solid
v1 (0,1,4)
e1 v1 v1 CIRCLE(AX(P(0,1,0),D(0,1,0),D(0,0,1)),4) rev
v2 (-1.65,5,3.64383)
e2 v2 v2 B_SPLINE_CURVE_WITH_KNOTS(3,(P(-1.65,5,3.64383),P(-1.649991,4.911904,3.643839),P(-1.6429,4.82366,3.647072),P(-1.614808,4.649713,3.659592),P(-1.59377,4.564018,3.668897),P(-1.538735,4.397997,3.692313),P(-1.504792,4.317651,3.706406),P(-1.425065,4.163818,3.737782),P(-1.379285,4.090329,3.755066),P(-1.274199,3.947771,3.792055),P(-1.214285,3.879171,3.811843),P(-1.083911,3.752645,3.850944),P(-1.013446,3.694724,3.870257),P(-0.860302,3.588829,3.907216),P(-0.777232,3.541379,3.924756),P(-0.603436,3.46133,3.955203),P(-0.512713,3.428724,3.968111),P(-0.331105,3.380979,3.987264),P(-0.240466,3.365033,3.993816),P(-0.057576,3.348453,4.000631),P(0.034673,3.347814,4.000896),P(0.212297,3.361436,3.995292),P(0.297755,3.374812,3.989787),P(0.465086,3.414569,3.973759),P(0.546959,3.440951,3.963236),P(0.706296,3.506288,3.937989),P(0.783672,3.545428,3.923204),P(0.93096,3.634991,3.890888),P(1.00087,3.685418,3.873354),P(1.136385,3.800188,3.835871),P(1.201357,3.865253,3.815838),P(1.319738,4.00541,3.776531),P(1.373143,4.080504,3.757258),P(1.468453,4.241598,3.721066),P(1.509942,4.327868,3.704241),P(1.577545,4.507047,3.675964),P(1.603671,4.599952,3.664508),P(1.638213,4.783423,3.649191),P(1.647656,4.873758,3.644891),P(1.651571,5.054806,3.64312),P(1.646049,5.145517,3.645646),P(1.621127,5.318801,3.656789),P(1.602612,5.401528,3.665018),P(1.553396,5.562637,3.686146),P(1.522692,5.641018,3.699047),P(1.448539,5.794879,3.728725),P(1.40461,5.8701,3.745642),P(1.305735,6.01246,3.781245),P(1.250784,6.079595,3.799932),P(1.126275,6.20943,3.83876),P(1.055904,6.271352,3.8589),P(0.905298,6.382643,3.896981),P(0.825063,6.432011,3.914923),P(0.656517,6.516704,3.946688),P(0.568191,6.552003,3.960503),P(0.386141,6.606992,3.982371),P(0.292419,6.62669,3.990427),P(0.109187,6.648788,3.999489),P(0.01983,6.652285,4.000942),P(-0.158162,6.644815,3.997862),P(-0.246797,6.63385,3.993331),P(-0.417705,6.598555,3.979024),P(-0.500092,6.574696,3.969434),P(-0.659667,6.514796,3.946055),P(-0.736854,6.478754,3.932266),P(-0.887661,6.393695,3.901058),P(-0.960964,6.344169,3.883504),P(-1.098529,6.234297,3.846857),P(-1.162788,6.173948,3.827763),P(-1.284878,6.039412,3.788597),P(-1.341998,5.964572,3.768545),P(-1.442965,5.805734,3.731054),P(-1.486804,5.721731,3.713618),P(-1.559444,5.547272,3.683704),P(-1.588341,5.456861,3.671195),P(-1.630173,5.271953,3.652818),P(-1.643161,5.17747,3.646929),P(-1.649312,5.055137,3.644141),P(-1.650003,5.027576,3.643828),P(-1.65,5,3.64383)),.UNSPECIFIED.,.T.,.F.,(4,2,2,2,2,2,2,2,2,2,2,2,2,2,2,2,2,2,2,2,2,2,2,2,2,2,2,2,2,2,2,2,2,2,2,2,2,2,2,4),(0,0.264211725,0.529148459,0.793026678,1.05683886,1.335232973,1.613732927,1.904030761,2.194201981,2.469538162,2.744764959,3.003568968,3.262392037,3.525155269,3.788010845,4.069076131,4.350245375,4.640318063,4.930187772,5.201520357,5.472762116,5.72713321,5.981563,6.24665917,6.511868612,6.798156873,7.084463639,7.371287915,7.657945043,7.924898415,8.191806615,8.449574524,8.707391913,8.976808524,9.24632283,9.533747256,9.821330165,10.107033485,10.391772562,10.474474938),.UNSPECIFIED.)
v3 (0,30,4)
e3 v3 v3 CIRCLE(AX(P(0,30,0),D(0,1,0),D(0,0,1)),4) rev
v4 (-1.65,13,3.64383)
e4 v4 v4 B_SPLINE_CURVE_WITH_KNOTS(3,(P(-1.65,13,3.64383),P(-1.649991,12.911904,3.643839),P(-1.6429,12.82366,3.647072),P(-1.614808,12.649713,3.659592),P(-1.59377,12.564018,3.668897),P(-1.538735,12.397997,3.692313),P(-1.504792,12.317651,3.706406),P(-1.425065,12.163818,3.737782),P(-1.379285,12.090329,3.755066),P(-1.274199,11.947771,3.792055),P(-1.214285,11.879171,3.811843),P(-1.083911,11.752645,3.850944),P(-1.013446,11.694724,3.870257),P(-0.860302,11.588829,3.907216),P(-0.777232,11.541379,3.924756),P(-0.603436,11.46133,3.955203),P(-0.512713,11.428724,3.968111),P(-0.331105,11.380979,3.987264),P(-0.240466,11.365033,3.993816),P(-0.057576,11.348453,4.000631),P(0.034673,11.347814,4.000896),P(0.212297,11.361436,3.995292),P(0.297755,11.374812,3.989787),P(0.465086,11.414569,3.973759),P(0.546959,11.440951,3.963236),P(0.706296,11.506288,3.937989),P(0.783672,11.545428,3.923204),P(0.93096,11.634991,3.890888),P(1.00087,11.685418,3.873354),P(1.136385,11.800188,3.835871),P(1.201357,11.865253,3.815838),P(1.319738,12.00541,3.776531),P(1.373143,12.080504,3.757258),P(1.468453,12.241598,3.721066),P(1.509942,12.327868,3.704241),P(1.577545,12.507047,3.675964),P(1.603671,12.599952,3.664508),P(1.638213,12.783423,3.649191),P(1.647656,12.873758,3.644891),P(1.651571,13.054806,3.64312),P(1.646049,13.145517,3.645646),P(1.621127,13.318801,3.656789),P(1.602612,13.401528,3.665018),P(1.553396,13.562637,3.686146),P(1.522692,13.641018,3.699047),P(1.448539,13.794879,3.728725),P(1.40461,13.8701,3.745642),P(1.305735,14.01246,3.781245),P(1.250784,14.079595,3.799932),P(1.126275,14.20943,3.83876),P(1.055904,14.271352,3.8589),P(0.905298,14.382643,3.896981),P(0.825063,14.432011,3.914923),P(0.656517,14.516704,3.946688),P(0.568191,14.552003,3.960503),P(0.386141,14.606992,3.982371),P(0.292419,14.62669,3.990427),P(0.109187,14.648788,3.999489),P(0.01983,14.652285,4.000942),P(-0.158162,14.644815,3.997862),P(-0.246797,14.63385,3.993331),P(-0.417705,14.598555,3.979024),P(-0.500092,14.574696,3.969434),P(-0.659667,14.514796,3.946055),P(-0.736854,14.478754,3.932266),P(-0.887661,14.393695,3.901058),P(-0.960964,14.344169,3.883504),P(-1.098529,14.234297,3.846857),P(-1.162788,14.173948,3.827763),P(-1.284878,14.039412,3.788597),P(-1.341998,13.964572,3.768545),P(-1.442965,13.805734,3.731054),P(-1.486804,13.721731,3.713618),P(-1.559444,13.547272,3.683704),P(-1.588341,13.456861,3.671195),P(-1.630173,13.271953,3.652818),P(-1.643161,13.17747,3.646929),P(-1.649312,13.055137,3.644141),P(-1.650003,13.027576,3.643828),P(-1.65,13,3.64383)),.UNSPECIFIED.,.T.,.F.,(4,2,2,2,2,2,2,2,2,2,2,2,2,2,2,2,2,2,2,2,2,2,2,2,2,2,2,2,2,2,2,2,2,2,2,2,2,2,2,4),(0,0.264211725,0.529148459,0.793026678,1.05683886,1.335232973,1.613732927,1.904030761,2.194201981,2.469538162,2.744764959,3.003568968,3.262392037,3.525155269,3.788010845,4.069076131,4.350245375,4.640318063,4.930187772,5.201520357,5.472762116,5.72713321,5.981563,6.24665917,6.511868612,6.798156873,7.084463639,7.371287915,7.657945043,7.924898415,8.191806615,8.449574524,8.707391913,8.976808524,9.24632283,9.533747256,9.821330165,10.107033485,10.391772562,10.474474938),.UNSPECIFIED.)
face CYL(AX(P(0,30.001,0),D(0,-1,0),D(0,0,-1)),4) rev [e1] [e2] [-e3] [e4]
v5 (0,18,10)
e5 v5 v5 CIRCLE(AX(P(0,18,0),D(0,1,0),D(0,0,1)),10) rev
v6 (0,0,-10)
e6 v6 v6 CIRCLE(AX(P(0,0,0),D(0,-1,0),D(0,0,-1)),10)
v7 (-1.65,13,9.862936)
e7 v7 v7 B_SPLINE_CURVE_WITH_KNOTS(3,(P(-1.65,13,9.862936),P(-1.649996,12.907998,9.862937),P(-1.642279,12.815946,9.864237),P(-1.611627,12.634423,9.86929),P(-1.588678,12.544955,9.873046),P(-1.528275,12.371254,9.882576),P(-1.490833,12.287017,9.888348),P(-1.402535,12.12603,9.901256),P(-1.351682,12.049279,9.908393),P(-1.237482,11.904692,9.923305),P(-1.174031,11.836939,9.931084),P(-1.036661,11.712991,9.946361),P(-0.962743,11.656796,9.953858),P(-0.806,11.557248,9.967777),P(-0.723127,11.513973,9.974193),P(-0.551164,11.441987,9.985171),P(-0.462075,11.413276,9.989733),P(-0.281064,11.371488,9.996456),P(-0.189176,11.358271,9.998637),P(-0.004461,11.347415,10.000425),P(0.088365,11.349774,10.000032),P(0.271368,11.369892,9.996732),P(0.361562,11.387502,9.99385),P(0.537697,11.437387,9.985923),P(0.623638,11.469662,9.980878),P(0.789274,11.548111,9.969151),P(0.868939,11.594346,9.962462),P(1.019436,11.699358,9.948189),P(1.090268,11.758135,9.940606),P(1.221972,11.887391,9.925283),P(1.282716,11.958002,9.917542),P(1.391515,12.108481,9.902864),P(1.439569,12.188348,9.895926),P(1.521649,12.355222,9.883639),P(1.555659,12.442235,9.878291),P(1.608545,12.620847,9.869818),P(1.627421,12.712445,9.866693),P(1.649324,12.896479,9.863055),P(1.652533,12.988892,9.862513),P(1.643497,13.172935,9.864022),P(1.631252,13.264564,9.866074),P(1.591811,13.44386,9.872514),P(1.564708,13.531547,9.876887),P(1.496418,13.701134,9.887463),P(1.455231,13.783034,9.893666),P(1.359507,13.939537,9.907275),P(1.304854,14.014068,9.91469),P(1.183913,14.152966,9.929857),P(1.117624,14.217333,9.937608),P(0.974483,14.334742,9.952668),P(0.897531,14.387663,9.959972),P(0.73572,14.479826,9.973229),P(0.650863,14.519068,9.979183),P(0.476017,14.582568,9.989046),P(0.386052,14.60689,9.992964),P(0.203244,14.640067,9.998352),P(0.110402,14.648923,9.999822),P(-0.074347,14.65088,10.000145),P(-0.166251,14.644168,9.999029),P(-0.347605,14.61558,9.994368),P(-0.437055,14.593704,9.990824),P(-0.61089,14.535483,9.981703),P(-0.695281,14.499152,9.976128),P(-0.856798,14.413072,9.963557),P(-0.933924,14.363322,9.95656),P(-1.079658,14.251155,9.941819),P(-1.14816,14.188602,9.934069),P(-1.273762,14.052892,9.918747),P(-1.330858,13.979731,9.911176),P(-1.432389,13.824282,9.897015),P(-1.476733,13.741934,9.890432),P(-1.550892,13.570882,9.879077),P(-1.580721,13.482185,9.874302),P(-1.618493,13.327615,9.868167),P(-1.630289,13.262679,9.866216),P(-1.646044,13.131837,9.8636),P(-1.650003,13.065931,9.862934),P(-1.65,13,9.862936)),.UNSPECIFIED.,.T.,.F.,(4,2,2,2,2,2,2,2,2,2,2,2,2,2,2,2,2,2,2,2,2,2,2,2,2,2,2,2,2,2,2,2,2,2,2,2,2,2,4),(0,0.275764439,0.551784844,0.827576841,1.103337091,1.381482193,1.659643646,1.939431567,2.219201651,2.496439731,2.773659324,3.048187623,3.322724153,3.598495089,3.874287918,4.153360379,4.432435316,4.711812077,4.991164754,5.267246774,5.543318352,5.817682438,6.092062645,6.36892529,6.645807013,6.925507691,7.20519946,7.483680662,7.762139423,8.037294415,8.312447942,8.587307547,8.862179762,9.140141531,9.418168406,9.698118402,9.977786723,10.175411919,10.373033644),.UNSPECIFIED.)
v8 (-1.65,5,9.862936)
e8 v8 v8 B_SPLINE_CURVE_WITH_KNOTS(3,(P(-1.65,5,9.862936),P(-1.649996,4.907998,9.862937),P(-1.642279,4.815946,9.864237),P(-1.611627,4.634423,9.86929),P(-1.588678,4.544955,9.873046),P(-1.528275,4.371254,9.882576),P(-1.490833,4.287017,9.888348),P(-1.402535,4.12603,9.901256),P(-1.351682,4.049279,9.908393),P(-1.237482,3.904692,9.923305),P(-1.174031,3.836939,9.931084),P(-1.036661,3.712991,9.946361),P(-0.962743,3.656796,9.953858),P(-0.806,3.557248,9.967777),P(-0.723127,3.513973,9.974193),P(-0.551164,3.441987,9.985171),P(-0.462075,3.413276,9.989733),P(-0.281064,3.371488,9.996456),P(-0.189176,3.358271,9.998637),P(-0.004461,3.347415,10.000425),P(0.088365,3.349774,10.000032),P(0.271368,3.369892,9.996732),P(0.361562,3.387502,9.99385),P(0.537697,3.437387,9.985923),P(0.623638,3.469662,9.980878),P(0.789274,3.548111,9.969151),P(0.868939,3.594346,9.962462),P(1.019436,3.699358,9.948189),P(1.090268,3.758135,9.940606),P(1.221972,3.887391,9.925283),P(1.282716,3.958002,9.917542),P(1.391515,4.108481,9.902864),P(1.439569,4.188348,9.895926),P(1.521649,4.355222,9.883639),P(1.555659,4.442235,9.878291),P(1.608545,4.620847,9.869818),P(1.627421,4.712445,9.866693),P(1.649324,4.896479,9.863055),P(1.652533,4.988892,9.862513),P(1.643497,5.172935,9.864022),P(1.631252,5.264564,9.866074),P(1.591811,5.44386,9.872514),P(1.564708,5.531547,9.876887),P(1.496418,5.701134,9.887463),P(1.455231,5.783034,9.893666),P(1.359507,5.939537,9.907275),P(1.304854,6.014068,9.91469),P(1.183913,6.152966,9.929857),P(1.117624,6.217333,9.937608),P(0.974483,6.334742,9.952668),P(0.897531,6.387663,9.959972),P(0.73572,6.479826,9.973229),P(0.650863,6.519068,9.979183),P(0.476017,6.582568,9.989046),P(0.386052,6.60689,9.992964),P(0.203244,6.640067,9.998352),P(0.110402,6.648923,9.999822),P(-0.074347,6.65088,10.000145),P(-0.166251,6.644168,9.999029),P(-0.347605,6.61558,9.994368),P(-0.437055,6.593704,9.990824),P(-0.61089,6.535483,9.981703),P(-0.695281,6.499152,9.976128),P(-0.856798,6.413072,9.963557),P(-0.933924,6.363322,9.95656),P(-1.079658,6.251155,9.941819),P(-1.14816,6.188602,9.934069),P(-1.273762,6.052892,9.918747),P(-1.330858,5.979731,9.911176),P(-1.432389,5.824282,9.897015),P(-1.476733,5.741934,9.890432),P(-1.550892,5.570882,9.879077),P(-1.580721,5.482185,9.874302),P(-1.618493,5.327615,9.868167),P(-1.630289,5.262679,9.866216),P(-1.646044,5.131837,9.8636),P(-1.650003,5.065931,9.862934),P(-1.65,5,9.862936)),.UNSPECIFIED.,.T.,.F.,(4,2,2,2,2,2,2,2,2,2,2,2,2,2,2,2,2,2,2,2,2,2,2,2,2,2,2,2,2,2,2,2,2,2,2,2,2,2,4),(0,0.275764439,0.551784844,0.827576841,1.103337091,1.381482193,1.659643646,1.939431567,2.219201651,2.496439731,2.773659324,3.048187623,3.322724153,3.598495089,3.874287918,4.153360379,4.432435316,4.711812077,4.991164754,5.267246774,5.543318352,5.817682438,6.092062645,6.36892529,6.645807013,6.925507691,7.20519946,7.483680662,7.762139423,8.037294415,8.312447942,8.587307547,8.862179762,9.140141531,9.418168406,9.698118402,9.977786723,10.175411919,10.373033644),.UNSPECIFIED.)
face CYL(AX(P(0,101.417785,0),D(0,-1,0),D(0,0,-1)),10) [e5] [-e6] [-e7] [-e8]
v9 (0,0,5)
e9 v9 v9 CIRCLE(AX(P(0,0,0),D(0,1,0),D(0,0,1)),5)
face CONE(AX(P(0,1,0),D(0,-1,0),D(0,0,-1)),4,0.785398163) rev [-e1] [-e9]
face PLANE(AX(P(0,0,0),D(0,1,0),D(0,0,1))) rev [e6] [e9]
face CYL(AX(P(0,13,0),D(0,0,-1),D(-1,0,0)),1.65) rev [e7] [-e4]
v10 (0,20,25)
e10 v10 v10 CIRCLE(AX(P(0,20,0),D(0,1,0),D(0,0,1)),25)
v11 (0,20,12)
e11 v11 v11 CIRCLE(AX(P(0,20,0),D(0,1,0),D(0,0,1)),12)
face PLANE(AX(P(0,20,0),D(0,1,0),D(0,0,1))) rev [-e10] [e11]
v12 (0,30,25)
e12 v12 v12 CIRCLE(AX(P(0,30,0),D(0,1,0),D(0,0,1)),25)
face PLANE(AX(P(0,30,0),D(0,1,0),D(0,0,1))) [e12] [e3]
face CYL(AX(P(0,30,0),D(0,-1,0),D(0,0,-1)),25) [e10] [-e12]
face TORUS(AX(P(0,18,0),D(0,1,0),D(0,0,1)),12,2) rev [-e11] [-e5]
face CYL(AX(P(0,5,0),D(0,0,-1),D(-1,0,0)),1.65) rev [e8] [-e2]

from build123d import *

# Parameters (mm, degrees)
SKETCH1_R                  = 25
BOSS_EXTRUDE1_DEPTH        = 30
CUT_EXTRUDE1_REACH         = 48.368
SKETCH2_R                  = 4
SKETCH3_OUTSIDE_W          = 67.362
SKETCH3_OUTSIDE_H          = 67.362
SKETCH3_OUTSIDE_R          = 10
CUT_EXTRUDE2_DEPTH         = 20
SKETCH4_W                  = 1.65
SKETCH4_H                  = 10
M4_TAPPED_HOLE1_AT_2_COUNT = 2
M4_TAPPED_HOLE1_AT_2_PITCH = 8
CHAMFER1_SIZE              = 1
FILLET1_R                  = 2


with BuildPart() as part:
    # Sketch1 → Boss-Extrude1 (new body)
    with BuildSketch(Plane(origin=(0, 0, 0), x_dir=(1, 0, 0), z_dir=(0, 1, 0))):
        with Locations(Location((0, 0, 0), (0, 0, 270))):
            Circle(SKETCH1_R)
    extrude(amount=BOSS_EXTRUDE1_DEPTH)

    # Sketch2 → Cut-Extrude1 (cut, up to next)
    with BuildSketch(Plane.XZ, mode=Mode.PRIVATE) as cut_extrude1_sk1:
        with Locations(Location((0, 0, 0), (0, 0, 270))):
            Circle(SKETCH2_R)
    cut_extrude1_tool1 = extrude(cut_extrude1_sk1.sketch, amount=-CUT_EXTRUDE1_REACH, mode=Mode.PRIVATE) & part.part
    add(cut_extrude1_tool1.solids().sort_by_distance((0, 0, 0))[0], mode=Mode.SUBTRACT)

    # Sketch3 outside → Cut-Extrude2 (cut)
    with BuildSketch(Plane.XZ):
        Rectangle(SKETCH3_OUTSIDE_W, SKETCH3_OUTSIDE_H)
        with Locations(Location((0, 0, 0), (0, 0, 270))):
            Circle(SKETCH3_OUTSIDE_R, mode=Mode.SUBTRACT)
    extrude(amount=-CUT_EXTRUDE2_DEPTH, mode=Mode.SUBTRACT)

    # Sketch4 → M4 Tapped Hole1 (revolve, cut)
    with BuildSketch(Plane(origin=(0, 5, 0), x_dir=(0, 1, 0), z_dir=(1, 0, 0))):
        with Locations((0.825, 5)):
            Rectangle(SKETCH4_W, SKETCH4_H)
    m4_tapped_hole1 = revolve(axis=Axis((0, 5, -6.35), (0, 0, 1)), mode=Mode.SUBTRACT)

    # M4 Tapped Hole1 at 2: M4 Tapped Hole1 ×2
    with Locations(*[(0, i * M4_TAPPED_HOLE1_AT_2_PITCH, 0) for i in range(1, M4_TAPPED_HOLE1_AT_2_COUNT)]):
        add(m4_tapped_hole1, mode=Mode.SUBTRACT)

    # Chamfer1
    chamfer1_edges = [part.edges().sort_by_distance(p)[0] for p in [
        (0, 0, 4),
    ]]
    chamfer(chamfer1_edges, length=CHAMFER1_SIZE)

    # Fillet1
    fillet1_edges = [part.edges().sort_by_distance(p)[0] for p in [
        (0, 20, 10),
    ]]
    fillet(fillet1_edges, radius=FILLET1_R)


solid = part.part
